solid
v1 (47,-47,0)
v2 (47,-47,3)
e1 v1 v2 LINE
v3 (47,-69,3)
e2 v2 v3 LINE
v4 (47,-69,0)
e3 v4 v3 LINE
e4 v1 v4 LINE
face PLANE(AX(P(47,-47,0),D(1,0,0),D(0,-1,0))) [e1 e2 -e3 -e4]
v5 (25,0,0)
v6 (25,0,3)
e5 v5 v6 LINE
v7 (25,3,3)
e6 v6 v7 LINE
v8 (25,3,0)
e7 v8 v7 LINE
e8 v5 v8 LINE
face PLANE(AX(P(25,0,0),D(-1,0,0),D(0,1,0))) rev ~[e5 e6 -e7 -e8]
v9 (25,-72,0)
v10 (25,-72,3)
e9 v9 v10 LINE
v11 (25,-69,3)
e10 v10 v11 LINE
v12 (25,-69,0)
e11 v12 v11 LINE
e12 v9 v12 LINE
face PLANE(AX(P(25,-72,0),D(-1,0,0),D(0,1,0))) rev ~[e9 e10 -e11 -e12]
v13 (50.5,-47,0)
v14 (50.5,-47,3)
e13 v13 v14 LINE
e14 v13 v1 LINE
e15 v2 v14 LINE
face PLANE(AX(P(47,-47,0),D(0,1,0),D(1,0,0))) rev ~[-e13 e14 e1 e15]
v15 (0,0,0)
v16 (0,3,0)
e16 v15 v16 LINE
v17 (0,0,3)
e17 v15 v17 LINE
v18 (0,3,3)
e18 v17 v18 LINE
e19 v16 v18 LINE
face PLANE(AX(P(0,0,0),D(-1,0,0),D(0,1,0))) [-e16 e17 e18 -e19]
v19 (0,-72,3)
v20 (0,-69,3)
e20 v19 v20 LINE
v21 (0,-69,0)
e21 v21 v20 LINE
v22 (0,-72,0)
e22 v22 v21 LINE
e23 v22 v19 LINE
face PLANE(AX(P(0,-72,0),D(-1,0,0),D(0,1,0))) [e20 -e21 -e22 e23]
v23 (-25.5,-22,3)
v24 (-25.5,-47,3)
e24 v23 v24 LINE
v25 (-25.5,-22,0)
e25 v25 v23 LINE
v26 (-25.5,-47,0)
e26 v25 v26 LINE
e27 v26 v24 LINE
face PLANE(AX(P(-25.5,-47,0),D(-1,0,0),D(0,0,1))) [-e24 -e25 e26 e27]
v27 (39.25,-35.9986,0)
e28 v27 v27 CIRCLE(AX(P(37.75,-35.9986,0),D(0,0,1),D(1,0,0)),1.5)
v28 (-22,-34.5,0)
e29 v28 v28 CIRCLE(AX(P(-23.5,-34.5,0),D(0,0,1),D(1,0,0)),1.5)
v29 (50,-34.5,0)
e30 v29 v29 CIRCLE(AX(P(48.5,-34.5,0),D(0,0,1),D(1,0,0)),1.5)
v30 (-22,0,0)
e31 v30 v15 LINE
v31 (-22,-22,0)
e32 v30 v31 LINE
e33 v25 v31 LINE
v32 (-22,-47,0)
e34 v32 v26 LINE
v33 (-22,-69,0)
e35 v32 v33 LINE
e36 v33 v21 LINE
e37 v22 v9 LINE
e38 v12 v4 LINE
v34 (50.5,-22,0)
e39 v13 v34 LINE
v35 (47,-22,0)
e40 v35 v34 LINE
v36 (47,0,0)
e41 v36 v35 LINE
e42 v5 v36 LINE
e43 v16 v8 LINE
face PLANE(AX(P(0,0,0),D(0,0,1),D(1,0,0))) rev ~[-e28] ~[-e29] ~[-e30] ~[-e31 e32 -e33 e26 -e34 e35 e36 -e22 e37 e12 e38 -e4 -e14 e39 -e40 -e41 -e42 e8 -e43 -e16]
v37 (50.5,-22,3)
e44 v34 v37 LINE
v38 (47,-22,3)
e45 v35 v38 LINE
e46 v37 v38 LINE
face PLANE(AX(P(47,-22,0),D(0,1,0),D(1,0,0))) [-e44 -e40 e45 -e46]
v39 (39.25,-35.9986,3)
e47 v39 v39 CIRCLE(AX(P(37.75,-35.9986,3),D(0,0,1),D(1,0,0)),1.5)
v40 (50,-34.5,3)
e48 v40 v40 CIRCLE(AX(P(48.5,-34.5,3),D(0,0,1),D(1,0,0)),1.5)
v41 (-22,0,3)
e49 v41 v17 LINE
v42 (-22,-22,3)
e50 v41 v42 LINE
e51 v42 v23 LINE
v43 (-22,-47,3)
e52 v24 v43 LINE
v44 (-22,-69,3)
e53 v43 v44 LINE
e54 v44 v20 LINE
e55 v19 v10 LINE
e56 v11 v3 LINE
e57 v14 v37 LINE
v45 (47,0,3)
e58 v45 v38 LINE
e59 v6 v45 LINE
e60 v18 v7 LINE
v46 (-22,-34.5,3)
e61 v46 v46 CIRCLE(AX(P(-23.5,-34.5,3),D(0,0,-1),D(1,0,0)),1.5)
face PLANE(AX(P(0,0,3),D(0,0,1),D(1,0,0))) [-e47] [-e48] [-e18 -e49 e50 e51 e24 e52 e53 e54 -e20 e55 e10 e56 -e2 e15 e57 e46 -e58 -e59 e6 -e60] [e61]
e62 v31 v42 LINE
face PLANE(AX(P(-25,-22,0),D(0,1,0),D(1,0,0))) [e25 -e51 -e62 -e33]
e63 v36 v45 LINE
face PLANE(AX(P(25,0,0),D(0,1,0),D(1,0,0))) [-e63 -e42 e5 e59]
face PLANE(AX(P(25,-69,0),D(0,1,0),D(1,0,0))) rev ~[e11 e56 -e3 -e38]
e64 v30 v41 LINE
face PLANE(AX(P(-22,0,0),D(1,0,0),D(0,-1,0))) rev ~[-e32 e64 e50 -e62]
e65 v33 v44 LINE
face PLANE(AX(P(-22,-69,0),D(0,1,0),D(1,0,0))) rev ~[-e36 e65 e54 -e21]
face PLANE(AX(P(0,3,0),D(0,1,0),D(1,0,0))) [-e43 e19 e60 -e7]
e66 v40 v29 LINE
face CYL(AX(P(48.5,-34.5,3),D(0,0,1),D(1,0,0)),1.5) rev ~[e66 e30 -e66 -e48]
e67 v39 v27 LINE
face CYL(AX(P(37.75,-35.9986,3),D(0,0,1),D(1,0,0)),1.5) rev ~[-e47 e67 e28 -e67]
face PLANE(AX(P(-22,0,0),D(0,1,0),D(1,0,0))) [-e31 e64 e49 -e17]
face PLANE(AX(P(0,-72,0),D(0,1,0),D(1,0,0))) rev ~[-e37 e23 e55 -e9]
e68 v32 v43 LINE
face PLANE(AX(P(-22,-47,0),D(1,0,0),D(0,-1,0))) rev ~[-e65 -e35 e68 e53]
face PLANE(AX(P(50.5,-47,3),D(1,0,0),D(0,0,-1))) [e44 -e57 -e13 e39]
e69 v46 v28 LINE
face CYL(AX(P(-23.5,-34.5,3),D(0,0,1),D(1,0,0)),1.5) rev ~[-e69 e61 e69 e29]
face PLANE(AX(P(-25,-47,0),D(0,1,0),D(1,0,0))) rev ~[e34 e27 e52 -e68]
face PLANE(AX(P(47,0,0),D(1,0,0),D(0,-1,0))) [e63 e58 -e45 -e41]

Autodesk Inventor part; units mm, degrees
ref_plane "YZ Plane" through (0, 0, 0) normal (1, 0, 0) x (0, 1, 0)
ref_plane "XZ Plane" through (0, 0, 0) normal (0, 1, 0) x (-1, 0, 0)
ref_plane "XY Plane" through (0, 0, 0) normal (0, 0, 1) x (1, 0, 0)
sketch "Sketch1" plane through (0, 0, 0) normal (0, 0, 1) x (1, 0, 0)
  line L0 (0, 3) -> (25, 3) projected
  line L1 (0, 0) -> (0, 3) projected
  line L2 (25, 0) -> (25, 3) projected
  line L3 (25, 0) -> (47, 0) projected
  line L4 (47, 3) -> (47, -22) projected
  line L5 (47, -22) -> (50, -22) projected
  line L6 (50, -22) -> (50, -47) projected
  line L7 (47, -47) -> (50, -47) projected
  line L8 (47, -47) -> (47, -72) projected
  line L9 (25, -69) -> (47, -69) projected
  line L10 (25, -72) -> (25, -69) projected
  line L11 (0, -72) -> (25, -72) projected
  line L12 (0, -72) -> (0, -69) projected
  line L13 (-22, -69) -> (0, -69) projected
  line L14 (-22, -47) -> (-22, -72) projected
  line L15 (-25, -47) -> (-22, -47) projected
  line L16 (-25, -36) -> (-25, -47) projected
  line L17 (-25, -22) -> (-22, -22) projected
  line L18 (-22, 3) -> (-22, -22) projected
  line L19 (-22, 0) -> (0, 0) projected
  line L20 (-22, 0) -> (0, 0)
  line L21 (0, 0) -> (0, 3)
  line L22 (0, 3) -> (25, 3)
  line L23 (25, 3) -> (25, 0)
  line L24 (25, 0) -> (47, 0)
  line L25 (47, 0) -> (47, -22)
  line L26 (47, -22) -> (50, -22)
  line L27 (50, -47) -> (50, -22)
  line L28 (50, -47) -> (47, -47)
  line L29 (47, -47) -> (47, -69)
  line L30 (25, -69) -> (47, -69)
  line L31 (25, -69) -> (25, -72)
  line L32 (0, -72) -> (25, -72)
  line L33 (0, -72) -> (0, -69)
  line L34 (0, -69) -> (-22, -69)
  line L35 (-22, -47) -> (-25, -47)
  line L36 (-22, -47) -> (-22, -69)
  line L37 (-25, -47) -> (-25, -36)
  line L38 (-25, -22) -> (-22, -22)
  line L39 (-22, -22) -> (-22, 0)
  line L40 (0, 3) -> (0, 3)
  line L41 (0, 3) -> (0, 0)
  line L42 (25, 0) -> (25, 3)
  line L43 (25, 3) -> (25, 3)
  line L44 (-22, -22) -> (-25, -22)
  line L45 (-25, -22) -> (-25, -36)
extrude "Extrusion1" add sketch "Sketch1" along normal blind 3
sketch "Sketch5" plane through (0, 0, 3) normal (0, 0, 1) x (1, 0, 0)
  line L0 (38.5, -12.7) -> (44.5, -12.7) projected
  line L1 (0, 0) -> (-22, 0) projected
  line L2 (-22, -47) -> (-22, -69) projected
  line L3 (47, -22) -> (47, 0) projected
  circle A0 centre (48.5, -34.5) radius 1.5
  circle A1 centre (12.5, -70.5) radius 1.5
  circle A2 centre (-23.5, -34.5) radius 1.5
  circle A3 centre (11, 1.5) radius 1.5
  line L4 (25, 0) -> (25, 3) projected
  line L5 (-22, -22) -> (-25, -22) projected
  line L6 (-25, -22) -> (-25, -47) projected
  line L7 (-25, -47) -> (-22, -47) projected
  line L8 (-22, -69) -> (0, -69) projected
  line L9 (0, -69) -> (0, -72) projected
  line L10 (0, -72) -> (25, -72) projected
  line L11 (25, -72) -> (25, -69) projected
  line L12 (25, -69) -> (47, -69) projected
  line L13 (47, -69) -> (47, -47) projected
  line L14 (47, -47) -> (50, -47) projected
  line L15 (50, -47) -> (50, -22) projected
  line L16 (50, -22) -> (47, -22) projected
  line L17 (47, 0) -> (25, 0) projected
  line L18 (25, 3) -> (0, 3) projected
  line L19 (0, 3) -> (0, 0) projected
  line L20 (-22, 0) -> (-22, -22) projected
  dimension "d12" = 3
  dimension "d13" = 3
  dimension "d14" = 3
  dimension "d15" = 3
extrude "Extrusion4" cut sketch "Sketch5" against normal blind 25.4 contours A2 | A0
sketch "Sketch6" plane through (0, 0, 3) normal (0, 0, 1) x (1, 0, 0)
  circle A0 centre (37.75, -35.9986) radius 1.5 projected
  point P0 (0, 0)
extrude "Extrusion5" cut sketch "Sketch6" against normal blind 3
sketch "Sketch9" plane through (-25, -47, 0) normal (-1, 0, 0) x (0, 0, 1)
  line L0 (3, 12.5) -> (0, 12.5) projected
  line L1 (3, 25) -> (3, 12.5) projected
  line L2 (0, 25) -> (3, 25) projected
  line L3 (0, 25) -> (0, 12.5) projected
  line L4 (0, 12.5) -> (0, 0) projected
  line L5 (0, 0) -> (3, 0) projected
  line L6 (3, 12.5) -> (3, 0) projected
  point P0 (0, 47)
extrude "Extrusion8" add sketch "Sketch9" along normal blind 0.5
sketch "Sketch10" plane through (50, -47, 3) normal (1, 0, 0) x (0, 0, -1)
  line L0 (0, 12.5) -> (3, 12.5) projected
  line L1 (0, 0) -> (0, 12.5) projected
  line L2 (3, 0) -> (0, 0) projected
  line L3 (3, 0) -> (3, 12.5) projected
  line L4 (3, 12.5) -> (3, 25) projected
  line L5 (3, 25) -> (0, 25) projected
  line L6 (0, 12.5) -> (0, 25) projected
  point P0 (3, 47)
extrude "Extrusion9" add sketch "Sketch10" along normal blind 0.5
properties part number "tapa superior"
